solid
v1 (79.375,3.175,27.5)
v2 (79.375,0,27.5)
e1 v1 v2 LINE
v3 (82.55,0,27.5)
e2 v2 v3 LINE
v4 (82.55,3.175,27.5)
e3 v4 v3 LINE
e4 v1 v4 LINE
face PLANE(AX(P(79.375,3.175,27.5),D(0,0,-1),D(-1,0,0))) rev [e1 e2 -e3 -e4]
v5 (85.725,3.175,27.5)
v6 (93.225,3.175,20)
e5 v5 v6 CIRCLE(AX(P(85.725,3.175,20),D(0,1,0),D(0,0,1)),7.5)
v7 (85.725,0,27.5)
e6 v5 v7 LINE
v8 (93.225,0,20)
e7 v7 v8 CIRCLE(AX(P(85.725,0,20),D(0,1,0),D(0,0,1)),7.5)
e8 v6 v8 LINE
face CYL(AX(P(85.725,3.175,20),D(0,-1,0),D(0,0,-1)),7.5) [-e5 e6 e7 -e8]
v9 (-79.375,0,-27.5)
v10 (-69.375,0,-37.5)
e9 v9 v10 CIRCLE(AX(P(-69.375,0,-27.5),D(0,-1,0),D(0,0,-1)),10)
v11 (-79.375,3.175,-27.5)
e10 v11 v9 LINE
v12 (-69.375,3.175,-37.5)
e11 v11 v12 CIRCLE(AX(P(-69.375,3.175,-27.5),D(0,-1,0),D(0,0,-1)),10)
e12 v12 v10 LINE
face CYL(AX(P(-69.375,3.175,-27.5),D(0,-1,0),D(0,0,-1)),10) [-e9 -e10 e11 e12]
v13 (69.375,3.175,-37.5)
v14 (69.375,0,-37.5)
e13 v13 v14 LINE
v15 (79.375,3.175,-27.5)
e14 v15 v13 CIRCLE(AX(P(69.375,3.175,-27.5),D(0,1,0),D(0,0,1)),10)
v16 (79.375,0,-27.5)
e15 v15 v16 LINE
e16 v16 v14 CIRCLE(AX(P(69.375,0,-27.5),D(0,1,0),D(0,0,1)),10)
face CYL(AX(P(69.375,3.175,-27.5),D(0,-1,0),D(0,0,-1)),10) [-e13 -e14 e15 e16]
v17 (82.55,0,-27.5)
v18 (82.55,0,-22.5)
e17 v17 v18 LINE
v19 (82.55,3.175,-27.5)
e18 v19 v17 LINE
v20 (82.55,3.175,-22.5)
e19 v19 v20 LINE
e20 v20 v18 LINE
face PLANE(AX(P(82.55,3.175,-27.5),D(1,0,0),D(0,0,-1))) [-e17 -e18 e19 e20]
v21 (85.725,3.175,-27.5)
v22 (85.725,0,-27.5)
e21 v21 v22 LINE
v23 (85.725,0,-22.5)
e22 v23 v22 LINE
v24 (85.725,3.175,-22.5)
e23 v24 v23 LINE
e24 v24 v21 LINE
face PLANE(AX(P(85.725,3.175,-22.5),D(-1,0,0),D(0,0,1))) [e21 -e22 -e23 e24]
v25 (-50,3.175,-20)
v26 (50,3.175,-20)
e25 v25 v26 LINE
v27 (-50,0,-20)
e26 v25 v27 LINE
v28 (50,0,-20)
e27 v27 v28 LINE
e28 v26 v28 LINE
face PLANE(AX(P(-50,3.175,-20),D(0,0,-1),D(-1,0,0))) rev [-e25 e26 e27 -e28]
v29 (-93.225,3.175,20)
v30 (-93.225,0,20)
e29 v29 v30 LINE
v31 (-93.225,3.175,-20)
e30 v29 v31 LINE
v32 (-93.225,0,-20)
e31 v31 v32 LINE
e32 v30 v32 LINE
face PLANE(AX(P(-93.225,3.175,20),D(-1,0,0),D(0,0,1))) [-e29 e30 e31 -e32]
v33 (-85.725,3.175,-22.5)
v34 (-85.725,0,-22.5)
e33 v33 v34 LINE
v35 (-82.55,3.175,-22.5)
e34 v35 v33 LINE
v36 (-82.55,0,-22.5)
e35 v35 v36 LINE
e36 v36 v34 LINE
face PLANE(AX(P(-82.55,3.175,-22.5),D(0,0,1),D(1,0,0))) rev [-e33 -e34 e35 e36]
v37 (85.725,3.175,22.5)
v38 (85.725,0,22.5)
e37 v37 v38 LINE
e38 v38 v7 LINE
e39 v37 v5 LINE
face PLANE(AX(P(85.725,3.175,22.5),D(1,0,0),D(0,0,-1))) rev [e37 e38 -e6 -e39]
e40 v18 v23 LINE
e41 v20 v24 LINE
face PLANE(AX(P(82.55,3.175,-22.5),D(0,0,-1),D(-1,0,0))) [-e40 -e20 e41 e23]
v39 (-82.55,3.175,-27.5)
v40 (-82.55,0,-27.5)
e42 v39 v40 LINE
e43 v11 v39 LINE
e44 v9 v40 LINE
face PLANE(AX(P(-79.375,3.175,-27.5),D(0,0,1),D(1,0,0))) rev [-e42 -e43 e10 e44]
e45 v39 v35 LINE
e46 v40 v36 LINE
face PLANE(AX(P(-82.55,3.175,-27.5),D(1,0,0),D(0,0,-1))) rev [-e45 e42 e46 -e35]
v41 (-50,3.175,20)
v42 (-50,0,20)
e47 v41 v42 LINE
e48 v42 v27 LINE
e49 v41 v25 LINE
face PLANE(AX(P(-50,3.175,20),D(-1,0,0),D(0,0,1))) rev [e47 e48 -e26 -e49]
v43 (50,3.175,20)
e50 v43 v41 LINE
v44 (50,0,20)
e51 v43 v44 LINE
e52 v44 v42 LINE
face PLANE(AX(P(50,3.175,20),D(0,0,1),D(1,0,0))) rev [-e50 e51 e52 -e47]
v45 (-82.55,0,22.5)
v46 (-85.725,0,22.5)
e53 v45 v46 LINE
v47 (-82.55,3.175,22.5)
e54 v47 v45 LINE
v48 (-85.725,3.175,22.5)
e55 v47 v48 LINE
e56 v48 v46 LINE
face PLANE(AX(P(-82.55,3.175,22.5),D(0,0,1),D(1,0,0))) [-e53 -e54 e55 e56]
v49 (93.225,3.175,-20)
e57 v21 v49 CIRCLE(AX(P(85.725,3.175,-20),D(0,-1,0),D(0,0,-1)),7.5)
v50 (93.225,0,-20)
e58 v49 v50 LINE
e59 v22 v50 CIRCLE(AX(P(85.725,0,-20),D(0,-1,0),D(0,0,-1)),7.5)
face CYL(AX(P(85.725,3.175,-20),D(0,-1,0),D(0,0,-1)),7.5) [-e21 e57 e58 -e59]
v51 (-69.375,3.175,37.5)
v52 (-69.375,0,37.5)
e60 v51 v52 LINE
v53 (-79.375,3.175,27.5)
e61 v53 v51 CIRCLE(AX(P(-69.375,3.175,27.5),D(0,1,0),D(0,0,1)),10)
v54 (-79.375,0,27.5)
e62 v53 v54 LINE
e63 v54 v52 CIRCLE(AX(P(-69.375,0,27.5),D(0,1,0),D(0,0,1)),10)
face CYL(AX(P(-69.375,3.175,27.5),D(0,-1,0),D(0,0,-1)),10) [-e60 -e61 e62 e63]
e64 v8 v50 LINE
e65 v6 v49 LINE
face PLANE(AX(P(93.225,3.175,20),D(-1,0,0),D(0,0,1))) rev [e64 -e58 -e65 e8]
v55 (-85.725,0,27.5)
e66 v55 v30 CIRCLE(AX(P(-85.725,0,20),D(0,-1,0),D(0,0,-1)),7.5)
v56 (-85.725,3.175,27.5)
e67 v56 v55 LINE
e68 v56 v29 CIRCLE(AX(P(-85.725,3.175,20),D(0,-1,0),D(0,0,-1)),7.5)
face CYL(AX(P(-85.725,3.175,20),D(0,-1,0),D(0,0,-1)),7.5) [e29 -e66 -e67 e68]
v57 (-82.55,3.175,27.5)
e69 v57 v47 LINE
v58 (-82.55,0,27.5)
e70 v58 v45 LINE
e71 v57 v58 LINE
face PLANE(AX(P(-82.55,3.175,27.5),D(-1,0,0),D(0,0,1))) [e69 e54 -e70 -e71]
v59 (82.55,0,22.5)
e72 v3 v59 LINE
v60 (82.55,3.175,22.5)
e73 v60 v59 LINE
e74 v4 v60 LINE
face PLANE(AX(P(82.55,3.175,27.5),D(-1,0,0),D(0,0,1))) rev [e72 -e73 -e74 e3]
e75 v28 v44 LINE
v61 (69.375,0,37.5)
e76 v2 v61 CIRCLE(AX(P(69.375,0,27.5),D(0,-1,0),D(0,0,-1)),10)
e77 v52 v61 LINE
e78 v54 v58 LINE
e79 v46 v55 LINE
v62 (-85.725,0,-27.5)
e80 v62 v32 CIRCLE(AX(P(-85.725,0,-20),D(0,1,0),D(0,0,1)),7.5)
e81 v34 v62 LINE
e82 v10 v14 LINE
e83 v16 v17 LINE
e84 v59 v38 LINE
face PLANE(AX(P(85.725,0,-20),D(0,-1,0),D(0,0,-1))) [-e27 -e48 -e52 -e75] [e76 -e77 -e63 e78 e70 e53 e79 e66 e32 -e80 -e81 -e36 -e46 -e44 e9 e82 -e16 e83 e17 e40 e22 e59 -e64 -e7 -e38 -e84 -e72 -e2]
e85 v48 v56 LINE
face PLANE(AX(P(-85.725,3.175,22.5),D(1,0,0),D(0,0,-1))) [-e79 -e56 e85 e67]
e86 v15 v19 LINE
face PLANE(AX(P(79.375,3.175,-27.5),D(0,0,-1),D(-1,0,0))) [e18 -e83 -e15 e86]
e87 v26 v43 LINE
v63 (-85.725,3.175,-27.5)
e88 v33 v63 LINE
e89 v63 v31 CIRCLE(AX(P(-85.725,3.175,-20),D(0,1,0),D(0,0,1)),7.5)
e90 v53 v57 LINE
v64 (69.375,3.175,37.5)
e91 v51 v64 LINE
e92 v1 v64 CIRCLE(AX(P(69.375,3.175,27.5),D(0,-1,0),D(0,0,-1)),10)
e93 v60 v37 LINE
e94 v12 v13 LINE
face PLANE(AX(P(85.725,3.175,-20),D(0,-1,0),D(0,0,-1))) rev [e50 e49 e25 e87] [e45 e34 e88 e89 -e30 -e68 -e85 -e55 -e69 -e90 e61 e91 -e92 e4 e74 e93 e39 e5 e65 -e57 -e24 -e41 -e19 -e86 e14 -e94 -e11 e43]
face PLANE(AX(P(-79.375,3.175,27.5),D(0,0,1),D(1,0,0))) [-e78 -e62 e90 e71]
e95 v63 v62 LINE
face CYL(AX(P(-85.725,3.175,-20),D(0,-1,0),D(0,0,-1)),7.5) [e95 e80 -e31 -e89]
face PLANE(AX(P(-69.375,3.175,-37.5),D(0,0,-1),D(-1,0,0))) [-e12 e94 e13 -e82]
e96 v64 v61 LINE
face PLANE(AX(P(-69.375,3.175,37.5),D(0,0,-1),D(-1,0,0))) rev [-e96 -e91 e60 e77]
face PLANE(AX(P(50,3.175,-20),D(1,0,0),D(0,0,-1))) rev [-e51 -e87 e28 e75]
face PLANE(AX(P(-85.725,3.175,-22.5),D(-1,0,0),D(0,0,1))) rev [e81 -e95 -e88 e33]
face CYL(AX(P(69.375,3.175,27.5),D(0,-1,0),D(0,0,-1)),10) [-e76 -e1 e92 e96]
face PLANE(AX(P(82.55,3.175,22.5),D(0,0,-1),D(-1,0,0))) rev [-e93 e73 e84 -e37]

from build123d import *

# Parameters (mm, degrees)
SKETCH1_W           = 100
SKETCH1_H           = 40
BOSS_EXTRUDE2_DEPTH = 3.175


with BuildPart() as part:
    # Sketch1 → Boss-Extrude2 (new body)
    with BuildSketch(Plane(origin=(0, 0, 0), x_dir=(1, 0, 0), z_dir=(0, 1, 0))):
        with BuildLine():
            Line((-69.375, 37.5), (69.375, 37.5))
            ThreePointArc((69.375, 37.5), (76.446067812, 34.571067812), (79.375, 27.5))
            Line((79.375, 27.5), (82.55, 27.5))
            Line((82.55, 27.5), (82.55, 22.5))
            Line((82.55, 22.5), (85.725, 22.5))
            Line((85.725, 22.5), (85.725, 27.5))
            ThreePointArc((85.725, 27.5), (91.028300859, 25.303300859), (93.225, 20))
            Line((93.225, 20), (93.225, -20))
            ThreePointArc((93.225, -20), (91.028300859, -25.303300859), (85.725, -27.5))
            Line((85.725, -27.5), (85.725, -22.5))
            Line((85.725, -22.5), (82.55, -22.5))
            Line((82.55, -22.5), (82.55, -27.5))
            Line((82.55, -27.5), (79.375, -27.5))
            ThreePointArc((79.375, -27.5), (76.446067812, -34.571067812), (69.375, -37.5))
            Line((69.375, -37.5), (-69.375, -37.5))
            ThreePointArc((-69.375, -37.5), (-76.446067812, -34.571067812), (-79.375, -27.5))
            Line((-79.375, -27.5), (-82.55, -27.5))
            Line((-82.55, -27.5), (-82.55, -22.5))
            Line((-82.55, -22.5), (-85.725, -22.5))
            Line((-85.725, -22.5), (-85.725, -27.5))
            ThreePointArc((-85.725, -27.5), (-91.028300859, -25.303300859), (-93.225, -20))
            Line((-93.225, -20), (-93.225, 20))
            ThreePointArc((-93.225, 20), (-91.028300859, 25.303300859), (-85.725, 27.5))
            Line((-85.725, 27.5), (-85.725, 22.5))
            Line((-85.725, 22.5), (-82.55, 22.5))
            Line((-82.55, 22.5), (-82.55, 27.5))
            Line((-82.55, 27.5), (-79.375, 27.5))
            ThreePointArc((-79.375, 27.5), (-76.446067812, 34.571067812), (-69.375, 37.5))
        make_face()
        Rectangle(SKETCH1_W, SKETCH1_H, mode=Mode.SUBTRACT)
    extrude(amount=BOSS_EXTRUDE2_DEPTH)


solid = part.part
